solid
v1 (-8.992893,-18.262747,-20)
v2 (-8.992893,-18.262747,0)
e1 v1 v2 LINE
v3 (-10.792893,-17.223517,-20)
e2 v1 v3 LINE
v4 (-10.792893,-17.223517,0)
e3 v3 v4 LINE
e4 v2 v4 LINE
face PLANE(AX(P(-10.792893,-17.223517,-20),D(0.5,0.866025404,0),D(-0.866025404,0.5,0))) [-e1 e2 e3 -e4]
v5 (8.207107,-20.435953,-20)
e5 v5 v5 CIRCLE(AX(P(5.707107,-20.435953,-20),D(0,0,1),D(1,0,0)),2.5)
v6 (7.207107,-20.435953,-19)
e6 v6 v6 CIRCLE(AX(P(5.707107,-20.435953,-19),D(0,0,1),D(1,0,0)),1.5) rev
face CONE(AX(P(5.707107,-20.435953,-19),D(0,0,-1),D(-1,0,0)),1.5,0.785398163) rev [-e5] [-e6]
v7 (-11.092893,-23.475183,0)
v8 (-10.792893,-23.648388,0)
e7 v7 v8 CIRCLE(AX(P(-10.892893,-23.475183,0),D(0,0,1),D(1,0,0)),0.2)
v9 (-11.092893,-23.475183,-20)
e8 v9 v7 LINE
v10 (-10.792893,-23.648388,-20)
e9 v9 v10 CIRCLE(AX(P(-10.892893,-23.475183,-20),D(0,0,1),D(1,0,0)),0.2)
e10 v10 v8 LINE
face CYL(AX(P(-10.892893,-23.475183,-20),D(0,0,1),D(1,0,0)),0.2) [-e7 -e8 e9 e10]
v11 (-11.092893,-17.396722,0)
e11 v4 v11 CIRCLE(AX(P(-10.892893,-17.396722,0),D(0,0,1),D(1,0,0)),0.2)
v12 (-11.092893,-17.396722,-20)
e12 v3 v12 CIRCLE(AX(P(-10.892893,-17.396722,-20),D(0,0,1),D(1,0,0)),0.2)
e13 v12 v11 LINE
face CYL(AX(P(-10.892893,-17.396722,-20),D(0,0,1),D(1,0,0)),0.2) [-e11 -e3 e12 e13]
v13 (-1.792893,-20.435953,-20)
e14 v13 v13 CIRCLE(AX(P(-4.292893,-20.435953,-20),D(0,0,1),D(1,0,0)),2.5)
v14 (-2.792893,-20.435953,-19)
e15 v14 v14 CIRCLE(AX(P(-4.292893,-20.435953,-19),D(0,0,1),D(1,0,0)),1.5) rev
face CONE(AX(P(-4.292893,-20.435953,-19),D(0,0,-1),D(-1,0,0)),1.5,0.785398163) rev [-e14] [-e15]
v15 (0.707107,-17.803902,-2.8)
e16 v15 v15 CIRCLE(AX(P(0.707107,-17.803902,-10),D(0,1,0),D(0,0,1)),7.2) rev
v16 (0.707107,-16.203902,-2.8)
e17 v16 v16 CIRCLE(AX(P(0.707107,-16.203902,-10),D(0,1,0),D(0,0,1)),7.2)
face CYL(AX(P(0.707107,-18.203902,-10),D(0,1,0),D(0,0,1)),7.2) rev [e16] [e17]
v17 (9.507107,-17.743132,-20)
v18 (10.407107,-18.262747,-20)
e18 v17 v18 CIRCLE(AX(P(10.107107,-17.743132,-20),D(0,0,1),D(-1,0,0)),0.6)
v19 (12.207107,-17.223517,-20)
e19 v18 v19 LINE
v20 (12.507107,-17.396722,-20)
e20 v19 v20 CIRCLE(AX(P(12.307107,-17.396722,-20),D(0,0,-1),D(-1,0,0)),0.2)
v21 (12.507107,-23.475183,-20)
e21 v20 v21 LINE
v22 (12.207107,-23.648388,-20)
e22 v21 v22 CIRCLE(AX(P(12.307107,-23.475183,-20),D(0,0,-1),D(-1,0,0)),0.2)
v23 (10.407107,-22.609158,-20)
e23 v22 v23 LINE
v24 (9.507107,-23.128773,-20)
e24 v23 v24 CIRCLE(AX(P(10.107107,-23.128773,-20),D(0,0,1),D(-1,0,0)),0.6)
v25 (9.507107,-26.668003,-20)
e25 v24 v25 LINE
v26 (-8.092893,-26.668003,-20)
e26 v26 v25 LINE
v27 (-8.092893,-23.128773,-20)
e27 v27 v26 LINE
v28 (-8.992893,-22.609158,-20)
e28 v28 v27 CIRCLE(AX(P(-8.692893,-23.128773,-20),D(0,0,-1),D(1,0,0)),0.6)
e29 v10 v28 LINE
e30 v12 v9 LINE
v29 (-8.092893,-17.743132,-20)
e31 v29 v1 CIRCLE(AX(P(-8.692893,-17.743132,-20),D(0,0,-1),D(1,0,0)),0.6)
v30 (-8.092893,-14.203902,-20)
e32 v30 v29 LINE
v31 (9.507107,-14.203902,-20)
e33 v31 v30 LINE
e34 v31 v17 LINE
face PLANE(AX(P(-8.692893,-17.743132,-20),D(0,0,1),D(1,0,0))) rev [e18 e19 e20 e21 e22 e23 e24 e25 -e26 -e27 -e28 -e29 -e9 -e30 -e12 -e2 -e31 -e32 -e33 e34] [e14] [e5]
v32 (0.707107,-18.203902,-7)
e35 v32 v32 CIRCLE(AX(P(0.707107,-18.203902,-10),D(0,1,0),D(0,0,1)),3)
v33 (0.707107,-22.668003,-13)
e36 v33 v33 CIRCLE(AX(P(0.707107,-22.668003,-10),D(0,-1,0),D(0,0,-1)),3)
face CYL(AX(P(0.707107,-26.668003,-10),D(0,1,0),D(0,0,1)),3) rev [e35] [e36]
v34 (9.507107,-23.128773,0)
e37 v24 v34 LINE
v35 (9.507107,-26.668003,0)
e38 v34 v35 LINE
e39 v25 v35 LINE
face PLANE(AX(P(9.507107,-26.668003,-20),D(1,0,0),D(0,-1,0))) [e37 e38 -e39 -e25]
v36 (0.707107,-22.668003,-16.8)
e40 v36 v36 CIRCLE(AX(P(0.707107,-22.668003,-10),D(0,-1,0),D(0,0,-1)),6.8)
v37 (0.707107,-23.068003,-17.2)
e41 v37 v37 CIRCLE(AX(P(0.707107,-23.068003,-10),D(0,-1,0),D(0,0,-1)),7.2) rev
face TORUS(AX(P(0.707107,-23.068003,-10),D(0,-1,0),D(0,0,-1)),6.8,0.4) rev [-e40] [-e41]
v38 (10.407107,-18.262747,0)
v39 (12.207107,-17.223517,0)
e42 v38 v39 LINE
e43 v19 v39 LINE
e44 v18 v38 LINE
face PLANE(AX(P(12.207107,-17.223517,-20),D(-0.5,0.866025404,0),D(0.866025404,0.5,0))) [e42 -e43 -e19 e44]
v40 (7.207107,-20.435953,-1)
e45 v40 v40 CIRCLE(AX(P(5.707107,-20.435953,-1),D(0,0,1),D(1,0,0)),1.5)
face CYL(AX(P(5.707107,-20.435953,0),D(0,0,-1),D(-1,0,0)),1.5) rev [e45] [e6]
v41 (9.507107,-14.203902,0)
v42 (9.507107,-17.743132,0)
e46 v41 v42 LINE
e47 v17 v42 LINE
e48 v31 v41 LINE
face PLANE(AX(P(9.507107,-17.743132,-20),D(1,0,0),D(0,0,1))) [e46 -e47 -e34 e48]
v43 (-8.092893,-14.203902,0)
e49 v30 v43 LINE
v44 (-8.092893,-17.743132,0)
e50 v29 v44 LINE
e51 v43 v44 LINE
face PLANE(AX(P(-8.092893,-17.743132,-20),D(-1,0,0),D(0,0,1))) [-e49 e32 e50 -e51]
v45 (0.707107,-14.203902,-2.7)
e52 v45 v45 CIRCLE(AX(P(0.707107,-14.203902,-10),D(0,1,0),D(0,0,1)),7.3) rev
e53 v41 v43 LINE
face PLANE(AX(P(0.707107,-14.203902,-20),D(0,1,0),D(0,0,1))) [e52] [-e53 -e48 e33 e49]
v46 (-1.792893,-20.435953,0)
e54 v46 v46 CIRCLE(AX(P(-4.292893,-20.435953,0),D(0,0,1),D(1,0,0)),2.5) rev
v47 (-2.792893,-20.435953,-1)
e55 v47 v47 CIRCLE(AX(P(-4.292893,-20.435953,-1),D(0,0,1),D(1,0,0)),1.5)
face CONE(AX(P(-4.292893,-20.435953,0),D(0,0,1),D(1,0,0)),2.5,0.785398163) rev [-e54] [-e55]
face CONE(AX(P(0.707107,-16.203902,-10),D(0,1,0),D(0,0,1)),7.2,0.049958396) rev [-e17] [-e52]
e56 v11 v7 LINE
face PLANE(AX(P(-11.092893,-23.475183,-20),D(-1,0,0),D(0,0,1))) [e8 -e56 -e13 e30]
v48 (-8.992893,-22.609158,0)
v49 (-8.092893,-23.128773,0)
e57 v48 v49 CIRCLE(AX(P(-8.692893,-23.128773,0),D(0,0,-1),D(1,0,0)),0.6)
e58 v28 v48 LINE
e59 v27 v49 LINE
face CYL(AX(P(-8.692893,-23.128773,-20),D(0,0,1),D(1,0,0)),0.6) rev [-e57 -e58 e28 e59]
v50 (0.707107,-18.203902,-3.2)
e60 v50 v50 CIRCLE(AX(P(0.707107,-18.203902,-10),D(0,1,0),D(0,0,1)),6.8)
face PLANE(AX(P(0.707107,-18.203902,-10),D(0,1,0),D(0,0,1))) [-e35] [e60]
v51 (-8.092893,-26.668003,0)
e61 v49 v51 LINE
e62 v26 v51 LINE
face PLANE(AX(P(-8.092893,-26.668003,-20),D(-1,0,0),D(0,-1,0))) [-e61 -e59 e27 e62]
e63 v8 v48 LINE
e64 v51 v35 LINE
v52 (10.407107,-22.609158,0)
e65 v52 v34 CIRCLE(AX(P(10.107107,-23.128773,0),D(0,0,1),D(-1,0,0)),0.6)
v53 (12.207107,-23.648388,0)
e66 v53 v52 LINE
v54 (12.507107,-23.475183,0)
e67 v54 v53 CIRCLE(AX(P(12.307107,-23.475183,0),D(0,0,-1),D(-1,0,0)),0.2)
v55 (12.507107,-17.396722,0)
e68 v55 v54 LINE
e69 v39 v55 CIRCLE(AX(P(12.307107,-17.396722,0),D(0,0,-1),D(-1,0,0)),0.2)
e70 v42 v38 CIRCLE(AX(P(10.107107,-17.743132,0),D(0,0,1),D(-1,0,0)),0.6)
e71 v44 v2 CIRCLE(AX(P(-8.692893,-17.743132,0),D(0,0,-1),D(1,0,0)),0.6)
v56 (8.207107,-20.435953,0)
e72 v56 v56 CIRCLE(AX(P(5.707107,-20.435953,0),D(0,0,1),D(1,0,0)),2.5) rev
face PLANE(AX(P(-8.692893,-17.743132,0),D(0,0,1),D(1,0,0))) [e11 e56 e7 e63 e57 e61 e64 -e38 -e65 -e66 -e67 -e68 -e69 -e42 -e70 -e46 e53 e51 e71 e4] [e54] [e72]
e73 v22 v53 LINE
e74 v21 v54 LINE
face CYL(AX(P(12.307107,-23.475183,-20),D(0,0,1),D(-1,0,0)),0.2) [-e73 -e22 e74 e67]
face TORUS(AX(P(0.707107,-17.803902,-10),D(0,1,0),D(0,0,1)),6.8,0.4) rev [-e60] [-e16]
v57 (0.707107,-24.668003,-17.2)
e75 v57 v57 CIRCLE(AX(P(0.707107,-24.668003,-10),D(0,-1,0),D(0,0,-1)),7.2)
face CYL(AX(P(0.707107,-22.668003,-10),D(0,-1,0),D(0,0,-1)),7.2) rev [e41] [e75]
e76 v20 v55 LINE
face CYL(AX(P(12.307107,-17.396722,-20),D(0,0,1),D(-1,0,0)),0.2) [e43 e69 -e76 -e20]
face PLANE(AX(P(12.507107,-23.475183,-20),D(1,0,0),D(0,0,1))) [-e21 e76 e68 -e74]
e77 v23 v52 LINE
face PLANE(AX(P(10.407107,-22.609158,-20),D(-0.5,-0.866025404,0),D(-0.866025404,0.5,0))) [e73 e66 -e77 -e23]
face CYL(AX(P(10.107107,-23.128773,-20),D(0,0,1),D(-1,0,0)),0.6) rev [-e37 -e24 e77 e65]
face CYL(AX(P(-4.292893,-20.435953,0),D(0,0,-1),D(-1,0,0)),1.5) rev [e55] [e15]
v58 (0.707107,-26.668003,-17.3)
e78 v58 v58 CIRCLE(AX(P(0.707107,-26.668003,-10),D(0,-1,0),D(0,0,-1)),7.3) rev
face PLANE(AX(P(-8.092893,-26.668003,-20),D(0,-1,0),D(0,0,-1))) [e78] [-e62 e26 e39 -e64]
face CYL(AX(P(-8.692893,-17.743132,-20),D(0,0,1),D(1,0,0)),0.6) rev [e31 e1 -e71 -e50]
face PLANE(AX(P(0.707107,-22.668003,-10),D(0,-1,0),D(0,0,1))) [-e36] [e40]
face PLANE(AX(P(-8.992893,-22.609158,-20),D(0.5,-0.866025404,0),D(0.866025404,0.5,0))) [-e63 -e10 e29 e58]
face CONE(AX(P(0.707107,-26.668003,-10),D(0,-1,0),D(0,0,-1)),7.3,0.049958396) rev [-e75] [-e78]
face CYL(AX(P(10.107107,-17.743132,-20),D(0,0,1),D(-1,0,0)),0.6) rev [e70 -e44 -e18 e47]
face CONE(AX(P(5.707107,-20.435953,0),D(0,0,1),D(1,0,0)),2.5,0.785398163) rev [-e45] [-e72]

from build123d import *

# Parameters (mm, degrees)
BOSS_EXTRUDE1_DEPTH = 20
SKETCH2_R           = 7.2
CUT_EXTRUDE1_DEPTH  = 4
SKETCH3_R           = 3
CUT_EXTRUDE2_DEPTH  = 26.061299571
SKETCH4_R           = 1.5
CUT_EXTRUDE3_DEPTH  = 36.603512784
CHAMFER1_SIZE       = 1
FILLET1_R           = 0.4
CHAMFER2_SIZE       = 0.1
CHAMFER2_SIZE2      = 2
CHAMFER3_SIZE       = 2
CHAMFER3_SIZE2      = 0.1


with BuildPart() as part:
    # Sketch1 → Boss-Extrude1 (new body)
    with BuildSketch(Plane.XY):
        with BuildLine():
            Line((-8.092893219, -26.668003347), (0.707106781, -26.668003347))
            Line((0.707106781, -26.668003347), (0.707106781, -14.203901732))
            Line((0.707106781, -14.203901732), (-8.092893219, -14.203901732))
            Line((-8.092893219, -14.203901732), (-8.092893219, -17.743132217))
            ThreePointArc((-8.092893219, -17.743132217), (-8.392893219, -18.262747459), (-8.992893219, -18.262747459))
            Line((-8.992893219, -18.262747459), (-10.792893219, -17.223516975))
            ThreePointArc((-10.792893219, -17.223516975), (-10.992893219, -17.223516975), (-11.092893219, -17.396722055))
            Line((-11.092893219, -17.396722055), (-11.092893219, -23.475183024))
            ThreePointArc((-11.092893219, -23.475183024), (-10.992893219, -23.648388105), (-10.792893219, -23.648388105))
            Line((-10.792893219, -23.648388105), (-8.992893219, -22.609157621))
            ThreePointArc((-8.992893219, -22.609157621), (-8.392893219, -22.609157621), (-8.092893219, -23.128772863))
            Line((-8.092893219, -23.128772863), (-8.092893219, -26.668003347))
        make_face()
    extrude(amount=-BOSS_EXTRUDE1_DEPTH)

    # Mirror1: part across plane


with BuildPart() as part_1:
    add(part.part)
    add(part.part.mirror(Plane(origin=(0.707106781, -26.668003347, -20), x_dir=(0, 0, 1), z_dir=(1, 0, 0))))

    # Sketch2 → Cut-Extrude1 (cut)
    with BuildSketch(Plane(origin=(0, -14.203901732, 0), x_dir=(1, 0, 0), z_dir=(0, 1, 0))):
        with Locations(Location((0.707106781, 10, 0), (0, 0, 270))):
            Circle(SKETCH2_R)
    cut_extrude1 = extrude(amount=-CUT_EXTRUDE1_DEPTH, mode=Mode.SUBTRACT)

    # Mirror2: Cut-Extrude1 across plane
    add(cut_extrude1.mirror(Plane(origin=(0, -20.43595254, 0), x_dir=(0, 0, 1), z_dir=(0, -1, 0))), mode=Mode.SUBTRACT)

    # Sketch3 → Cut-Extrude2 (cut, through all)
    with BuildSketch(Plane(origin=(0, -18.203901732, 0), x_dir=(1, 0, 0), z_dir=(0, 1, 0))):
        with Locations(Location((0.707106781, 10, 0), (0, 0, 270))):
            Circle(SKETCH3_R)
    extrude(amount=-CUT_EXTRUDE2_DEPTH, mode=Mode.SUBTRACT)

    # Sketch4 → Cut-Extrude3 (cut, through all)
    with BuildSketch(Plane(origin=(0, 0, -20), x_dir=(-1, 0, 0), z_dir=(0, 0, -1))):
        with Locations((4.292893219, -20.43595254)):
            Circle(SKETCH4_R)
        with Locations(Location((-5.707106781, -20.43595254, 0), (0, 0, 180))):
            Circle(SKETCH4_R)
    extrude(amount=-CUT_EXTRUDE3_DEPTH, mode=Mode.SUBTRACT)

    # Chamfer1
    chamfer1_edges = [part_1.edges().sort_by_distance(p)[0] for p in [
        (-2.792893219, -20.43595254, 0),
        (-2.792893219, -20.43595254, -20),
        (4.207106781, -20.43595254, 0),
        (4.207106781, -20.43595254, -20),
    ]]
    chamfer(chamfer1_edges, length=CHAMFER1_SIZE)

    # Fillet1
    fillet1_edges = [part_1.edges().sort_by_distance(p)[0] for p in [
        (0.707106781, -18.203901732, -17.2),
        (0.707106781, -22.668003347, -17.2),
    ]]
    fillet(fillet1_edges, radius=FILLET1_R)

    # Chamfer2
    chamfer2_edges = [part_1.edges().sort_by_distance(p)[0] for p in [
        (0.707106781, -14.203901732, -17.2),
    ]]
    chamfer2_side = [part_1.faces().sort_by_distance(p)[0] for p in [
        (-7.826480006, -14.203901732, -10),
    ]]
    chamfer(chamfer2_edges, length=CHAMFER2_SIZE, length2=CHAMFER2_SIZE2, reference=chamfer2_side[0])

    # Chamfer3
    chamfer3_edges = [part_1.edges().sort_by_distance(p)[0] for p in [
        (0.707106781, -26.668003347, -17.2),
    ]]
    chamfer3_side = [part_1.faces().sort_by_distance(p)[0] for p in [
        (0.707106781, -24.868003347, -17.2),
    ]]
    chamfer(chamfer3_edges, length=CHAMFER3_SIZE, length2=CHAMFER3_SIZE2, reference=chamfer3_side[0])


solid = part_1.part
